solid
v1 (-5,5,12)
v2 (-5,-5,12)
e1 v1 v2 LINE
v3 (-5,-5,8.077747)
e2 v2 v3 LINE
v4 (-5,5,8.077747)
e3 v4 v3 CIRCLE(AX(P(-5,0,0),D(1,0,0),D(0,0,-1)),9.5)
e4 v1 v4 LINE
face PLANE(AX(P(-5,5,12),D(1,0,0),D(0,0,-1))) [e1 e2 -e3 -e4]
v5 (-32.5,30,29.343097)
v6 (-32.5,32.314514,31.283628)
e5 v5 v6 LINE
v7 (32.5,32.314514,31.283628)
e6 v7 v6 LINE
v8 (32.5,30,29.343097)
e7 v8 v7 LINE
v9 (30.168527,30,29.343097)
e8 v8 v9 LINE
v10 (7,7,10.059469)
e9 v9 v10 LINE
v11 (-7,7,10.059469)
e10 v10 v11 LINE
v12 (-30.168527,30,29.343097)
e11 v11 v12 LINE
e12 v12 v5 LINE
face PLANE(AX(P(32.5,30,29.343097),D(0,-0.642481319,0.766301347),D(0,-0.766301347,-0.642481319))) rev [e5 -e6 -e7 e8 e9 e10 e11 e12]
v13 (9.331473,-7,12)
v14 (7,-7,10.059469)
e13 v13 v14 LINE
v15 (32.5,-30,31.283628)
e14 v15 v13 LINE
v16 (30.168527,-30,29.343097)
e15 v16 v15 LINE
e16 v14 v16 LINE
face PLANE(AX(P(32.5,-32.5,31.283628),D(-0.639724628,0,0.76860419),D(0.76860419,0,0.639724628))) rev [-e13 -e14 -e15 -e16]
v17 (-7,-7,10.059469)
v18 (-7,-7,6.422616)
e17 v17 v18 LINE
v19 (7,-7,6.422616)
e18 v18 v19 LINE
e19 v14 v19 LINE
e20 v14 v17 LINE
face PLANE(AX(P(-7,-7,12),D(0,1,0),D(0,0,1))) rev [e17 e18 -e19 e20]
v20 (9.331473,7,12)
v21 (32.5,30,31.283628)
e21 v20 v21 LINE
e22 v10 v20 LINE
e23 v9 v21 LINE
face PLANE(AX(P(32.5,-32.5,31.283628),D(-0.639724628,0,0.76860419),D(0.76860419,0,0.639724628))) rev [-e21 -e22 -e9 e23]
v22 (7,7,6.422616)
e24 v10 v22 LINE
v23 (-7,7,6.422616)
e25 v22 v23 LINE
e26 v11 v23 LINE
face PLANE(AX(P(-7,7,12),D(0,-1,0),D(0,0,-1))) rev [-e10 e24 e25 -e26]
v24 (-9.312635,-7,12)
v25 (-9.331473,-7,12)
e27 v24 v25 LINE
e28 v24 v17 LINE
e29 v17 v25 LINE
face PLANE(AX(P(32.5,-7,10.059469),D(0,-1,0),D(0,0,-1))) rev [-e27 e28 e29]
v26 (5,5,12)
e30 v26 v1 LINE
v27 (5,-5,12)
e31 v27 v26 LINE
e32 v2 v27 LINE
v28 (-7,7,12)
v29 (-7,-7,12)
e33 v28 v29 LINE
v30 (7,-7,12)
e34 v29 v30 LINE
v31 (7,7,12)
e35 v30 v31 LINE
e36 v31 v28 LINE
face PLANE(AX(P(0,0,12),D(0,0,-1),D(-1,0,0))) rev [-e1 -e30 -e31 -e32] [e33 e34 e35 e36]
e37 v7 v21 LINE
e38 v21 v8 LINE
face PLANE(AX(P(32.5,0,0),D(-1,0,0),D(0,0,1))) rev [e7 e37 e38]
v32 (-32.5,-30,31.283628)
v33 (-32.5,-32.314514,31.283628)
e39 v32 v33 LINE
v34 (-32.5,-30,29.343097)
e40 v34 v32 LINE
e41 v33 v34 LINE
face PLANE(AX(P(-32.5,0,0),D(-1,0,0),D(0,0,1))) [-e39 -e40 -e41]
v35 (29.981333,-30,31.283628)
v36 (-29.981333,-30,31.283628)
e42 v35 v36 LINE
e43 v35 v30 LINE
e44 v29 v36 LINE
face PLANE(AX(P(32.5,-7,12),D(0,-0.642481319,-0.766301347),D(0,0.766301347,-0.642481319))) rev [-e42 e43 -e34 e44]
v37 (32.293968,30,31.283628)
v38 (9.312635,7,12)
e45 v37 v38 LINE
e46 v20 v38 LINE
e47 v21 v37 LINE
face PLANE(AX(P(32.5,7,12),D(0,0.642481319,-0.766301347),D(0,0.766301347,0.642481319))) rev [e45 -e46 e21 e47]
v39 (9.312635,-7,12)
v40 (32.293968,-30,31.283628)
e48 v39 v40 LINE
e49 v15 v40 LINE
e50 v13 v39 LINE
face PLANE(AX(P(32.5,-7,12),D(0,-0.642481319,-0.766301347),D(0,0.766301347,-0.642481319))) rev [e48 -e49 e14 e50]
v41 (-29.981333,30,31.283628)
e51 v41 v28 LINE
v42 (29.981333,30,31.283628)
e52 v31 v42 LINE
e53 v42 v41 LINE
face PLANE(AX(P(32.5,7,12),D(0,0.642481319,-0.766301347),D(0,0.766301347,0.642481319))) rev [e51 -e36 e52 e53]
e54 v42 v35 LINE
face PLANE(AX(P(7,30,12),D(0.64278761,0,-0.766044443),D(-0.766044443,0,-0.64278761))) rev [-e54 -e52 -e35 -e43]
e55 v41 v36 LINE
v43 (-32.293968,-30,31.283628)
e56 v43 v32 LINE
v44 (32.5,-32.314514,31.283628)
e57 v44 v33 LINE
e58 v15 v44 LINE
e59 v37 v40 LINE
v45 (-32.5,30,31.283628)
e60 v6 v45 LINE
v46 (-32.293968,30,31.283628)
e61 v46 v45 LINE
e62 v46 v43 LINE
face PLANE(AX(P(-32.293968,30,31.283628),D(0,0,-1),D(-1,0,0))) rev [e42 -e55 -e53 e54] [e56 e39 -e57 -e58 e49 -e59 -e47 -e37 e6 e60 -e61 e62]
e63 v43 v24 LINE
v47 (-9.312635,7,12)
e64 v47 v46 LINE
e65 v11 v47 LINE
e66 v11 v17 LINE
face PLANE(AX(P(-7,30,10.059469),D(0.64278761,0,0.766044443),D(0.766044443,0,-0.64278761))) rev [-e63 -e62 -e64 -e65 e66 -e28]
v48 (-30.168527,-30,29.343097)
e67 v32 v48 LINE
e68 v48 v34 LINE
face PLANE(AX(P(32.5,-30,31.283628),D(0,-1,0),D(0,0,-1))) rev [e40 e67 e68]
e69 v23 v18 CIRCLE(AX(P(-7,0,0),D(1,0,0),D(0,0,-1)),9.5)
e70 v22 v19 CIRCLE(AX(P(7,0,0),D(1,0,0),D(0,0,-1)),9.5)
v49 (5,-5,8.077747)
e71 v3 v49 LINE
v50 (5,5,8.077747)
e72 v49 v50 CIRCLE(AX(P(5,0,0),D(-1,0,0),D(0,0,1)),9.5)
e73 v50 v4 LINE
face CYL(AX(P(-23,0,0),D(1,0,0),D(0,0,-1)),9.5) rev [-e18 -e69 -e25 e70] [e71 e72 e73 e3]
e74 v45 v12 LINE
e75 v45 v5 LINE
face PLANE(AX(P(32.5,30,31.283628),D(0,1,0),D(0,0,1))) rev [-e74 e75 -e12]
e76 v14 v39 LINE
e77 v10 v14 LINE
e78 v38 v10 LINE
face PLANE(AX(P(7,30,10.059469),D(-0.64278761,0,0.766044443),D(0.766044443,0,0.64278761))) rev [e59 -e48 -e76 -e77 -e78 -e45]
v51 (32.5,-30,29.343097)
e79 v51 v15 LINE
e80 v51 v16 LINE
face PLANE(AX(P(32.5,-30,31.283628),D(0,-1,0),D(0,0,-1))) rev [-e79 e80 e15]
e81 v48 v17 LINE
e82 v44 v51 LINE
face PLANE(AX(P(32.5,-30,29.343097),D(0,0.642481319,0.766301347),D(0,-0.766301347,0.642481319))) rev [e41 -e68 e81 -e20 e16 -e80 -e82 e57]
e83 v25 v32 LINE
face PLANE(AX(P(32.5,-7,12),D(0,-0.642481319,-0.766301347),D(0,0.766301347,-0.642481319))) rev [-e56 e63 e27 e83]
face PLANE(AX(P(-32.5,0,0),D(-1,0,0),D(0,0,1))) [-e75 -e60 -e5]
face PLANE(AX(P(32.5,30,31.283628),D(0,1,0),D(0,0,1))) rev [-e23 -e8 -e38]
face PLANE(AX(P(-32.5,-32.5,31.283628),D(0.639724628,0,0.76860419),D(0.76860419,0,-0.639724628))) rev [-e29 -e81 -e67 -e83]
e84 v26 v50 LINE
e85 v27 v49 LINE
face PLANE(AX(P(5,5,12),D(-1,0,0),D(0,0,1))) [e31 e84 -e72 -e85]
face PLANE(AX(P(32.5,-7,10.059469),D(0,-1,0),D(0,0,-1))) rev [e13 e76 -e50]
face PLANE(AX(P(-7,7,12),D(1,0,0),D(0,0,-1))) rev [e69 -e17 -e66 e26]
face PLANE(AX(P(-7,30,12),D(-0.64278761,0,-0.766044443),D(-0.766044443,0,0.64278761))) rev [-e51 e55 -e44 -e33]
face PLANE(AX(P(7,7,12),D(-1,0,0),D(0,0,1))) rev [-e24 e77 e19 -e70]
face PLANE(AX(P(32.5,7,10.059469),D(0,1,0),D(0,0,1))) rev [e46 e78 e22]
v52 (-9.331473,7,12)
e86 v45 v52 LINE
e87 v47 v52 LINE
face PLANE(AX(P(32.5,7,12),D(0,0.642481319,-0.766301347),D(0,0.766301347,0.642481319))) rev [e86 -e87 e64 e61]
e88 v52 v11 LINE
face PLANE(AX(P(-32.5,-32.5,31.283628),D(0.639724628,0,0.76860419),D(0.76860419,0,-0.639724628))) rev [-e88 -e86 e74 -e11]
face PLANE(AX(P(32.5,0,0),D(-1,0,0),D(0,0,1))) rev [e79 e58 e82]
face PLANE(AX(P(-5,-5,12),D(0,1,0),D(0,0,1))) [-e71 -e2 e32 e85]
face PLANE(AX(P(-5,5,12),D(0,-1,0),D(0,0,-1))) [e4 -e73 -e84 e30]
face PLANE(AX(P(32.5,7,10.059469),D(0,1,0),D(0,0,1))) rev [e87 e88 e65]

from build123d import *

# Parameters (mm, degrees)
SKETCH1_W           = 14
SKETCH1_H           = 14
SKETCH1_W_2         = 10
SKETCH1_H_2         = 10
BOSS_EXTRUDE1_DEPTH = 12
SKETCH2_R           = 9.5
CUT_EXTRUDE1_DEPTH  = 30
BOSS_EXTRUDE2_DEPTH = 30
BOSS_EXTRUDE3_DEPTH = 32.5
CUT_EXTRUDE2_DEPTH  = 79.125958548
CUT_EXTRUDE3_DEPTH  = 32.5
BOSS_EXTRUDE4_DEPTH = 32.5


with BuildPart() as part:
    # Sketch1 → Boss-Extrude1 (new body)
    with BuildSketch(Plane.XY):
        Rectangle(SKETCH1_W, SKETCH1_H)
        Rectangle(SKETCH1_W_2, SKETCH1_H_2, mode=Mode.SUBTRACT)
    extrude(amount=BOSS_EXTRUDE1_DEPTH)

    # Sketch2 → Cut-Extrude1 (cut)
    with BuildSketch(Plane(origin=(7, 0, 0), x_dir=(0, 0, -1), z_dir=(1, 0, 0))):
        Circle(SKETCH2_R)
    extrude(amount=-CUT_EXTRUDE1_DEPTH, mode=Mode.SUBTRACT)

    # Sketch4 → Boss-Extrude2 (add, symmetric)
    with BuildSketch(Plane(origin=(0, 0, 0), x_dir=(1, 0, 0), z_dir=(0, 1, 0))):
        Polygon((-7, -12), (-29.981333294, -31.283628291), (-32.293968462, -31.283628291), (-7, -10.059468683), align=None)
        Polygon((7, -10.059468683), (7, -12), (29.981333294, -31.283628291), (32.293968462, -31.283628291), align=None)
    extrude(amount=BOSS_EXTRUDE2_DEPTH, both=True)

    # Sketch6 → Boss-Extrude3 (add, symmetric)
    with BuildSketch(Plane(origin=(0, 0, 0), x_dir=(0, 0, -1), z_dir=(1, 0, 0))):
        Polygon((-10.059468683, -7), (-12, -7), (-31.283628291, -30), (-29.343096974, -30), align=None)
        Polygon((-31.283628291, 30), (-29.343096974, 30), (-10.059468683, 7), (-12, 7), align=None)
    extrude(amount=BOSS_EXTRUDE3_DEPTH, both=True)

    # Sketch7 → Cut-Extrude2 (cut, through all)
    with BuildSketch(Plane(origin=(32.5, 0, 0), x_dir=(0, 0, -1), z_dir=(1, 0, 0))):
        Polygon((-29.343096974, 30), (-10.059468683, 7), (-10.059468683, 30), align=None)
        Polygon((-29.343096974, -30), (-10.059468683, -7), (-10.059468683, -30), align=None)
    extrude(amount=-CUT_EXTRUDE2_DEPTH, mode=Mode.SUBTRACT)

    # Sketch9 → Cut-Extrude3 (cut, symmetric)
    with BuildSketch(Plane(origin=(0, 0, 0), x_dir=(1, 0, 0), z_dir=(0, 1, 0))):
        Polygon((-32.5, -31.283628291), (-7, -10.059468683), (-32.5, -10.059468683), align=None)
        Polygon((7, -10.059468683), (32.5, -10.059468683), (32.5, -31.283628291), align=None)
    extrude(amount=CUT_EXTRUDE3_DEPTH, both=True, mode=Mode.SUBTRACT)

    # Sketch10 → Boss-Extrude4 (add, symmetric)
    with BuildSketch(Plane(origin=(0, 0, 0), x_dir=(0, 0, -1), z_dir=(1, 0, 0))):
        Polygon((-31.283628291, -30), (-29.343096974, -30), (-31.283628291, -32.314513618), align=None)
        Polygon((-29.343096974, 30), (-31.283628291, 32.314513618), (-31.283628291, 30), align=None)
    extrude(amount=BOSS_EXTRUDE4_DEPTH, both=True)


solid = part.part
